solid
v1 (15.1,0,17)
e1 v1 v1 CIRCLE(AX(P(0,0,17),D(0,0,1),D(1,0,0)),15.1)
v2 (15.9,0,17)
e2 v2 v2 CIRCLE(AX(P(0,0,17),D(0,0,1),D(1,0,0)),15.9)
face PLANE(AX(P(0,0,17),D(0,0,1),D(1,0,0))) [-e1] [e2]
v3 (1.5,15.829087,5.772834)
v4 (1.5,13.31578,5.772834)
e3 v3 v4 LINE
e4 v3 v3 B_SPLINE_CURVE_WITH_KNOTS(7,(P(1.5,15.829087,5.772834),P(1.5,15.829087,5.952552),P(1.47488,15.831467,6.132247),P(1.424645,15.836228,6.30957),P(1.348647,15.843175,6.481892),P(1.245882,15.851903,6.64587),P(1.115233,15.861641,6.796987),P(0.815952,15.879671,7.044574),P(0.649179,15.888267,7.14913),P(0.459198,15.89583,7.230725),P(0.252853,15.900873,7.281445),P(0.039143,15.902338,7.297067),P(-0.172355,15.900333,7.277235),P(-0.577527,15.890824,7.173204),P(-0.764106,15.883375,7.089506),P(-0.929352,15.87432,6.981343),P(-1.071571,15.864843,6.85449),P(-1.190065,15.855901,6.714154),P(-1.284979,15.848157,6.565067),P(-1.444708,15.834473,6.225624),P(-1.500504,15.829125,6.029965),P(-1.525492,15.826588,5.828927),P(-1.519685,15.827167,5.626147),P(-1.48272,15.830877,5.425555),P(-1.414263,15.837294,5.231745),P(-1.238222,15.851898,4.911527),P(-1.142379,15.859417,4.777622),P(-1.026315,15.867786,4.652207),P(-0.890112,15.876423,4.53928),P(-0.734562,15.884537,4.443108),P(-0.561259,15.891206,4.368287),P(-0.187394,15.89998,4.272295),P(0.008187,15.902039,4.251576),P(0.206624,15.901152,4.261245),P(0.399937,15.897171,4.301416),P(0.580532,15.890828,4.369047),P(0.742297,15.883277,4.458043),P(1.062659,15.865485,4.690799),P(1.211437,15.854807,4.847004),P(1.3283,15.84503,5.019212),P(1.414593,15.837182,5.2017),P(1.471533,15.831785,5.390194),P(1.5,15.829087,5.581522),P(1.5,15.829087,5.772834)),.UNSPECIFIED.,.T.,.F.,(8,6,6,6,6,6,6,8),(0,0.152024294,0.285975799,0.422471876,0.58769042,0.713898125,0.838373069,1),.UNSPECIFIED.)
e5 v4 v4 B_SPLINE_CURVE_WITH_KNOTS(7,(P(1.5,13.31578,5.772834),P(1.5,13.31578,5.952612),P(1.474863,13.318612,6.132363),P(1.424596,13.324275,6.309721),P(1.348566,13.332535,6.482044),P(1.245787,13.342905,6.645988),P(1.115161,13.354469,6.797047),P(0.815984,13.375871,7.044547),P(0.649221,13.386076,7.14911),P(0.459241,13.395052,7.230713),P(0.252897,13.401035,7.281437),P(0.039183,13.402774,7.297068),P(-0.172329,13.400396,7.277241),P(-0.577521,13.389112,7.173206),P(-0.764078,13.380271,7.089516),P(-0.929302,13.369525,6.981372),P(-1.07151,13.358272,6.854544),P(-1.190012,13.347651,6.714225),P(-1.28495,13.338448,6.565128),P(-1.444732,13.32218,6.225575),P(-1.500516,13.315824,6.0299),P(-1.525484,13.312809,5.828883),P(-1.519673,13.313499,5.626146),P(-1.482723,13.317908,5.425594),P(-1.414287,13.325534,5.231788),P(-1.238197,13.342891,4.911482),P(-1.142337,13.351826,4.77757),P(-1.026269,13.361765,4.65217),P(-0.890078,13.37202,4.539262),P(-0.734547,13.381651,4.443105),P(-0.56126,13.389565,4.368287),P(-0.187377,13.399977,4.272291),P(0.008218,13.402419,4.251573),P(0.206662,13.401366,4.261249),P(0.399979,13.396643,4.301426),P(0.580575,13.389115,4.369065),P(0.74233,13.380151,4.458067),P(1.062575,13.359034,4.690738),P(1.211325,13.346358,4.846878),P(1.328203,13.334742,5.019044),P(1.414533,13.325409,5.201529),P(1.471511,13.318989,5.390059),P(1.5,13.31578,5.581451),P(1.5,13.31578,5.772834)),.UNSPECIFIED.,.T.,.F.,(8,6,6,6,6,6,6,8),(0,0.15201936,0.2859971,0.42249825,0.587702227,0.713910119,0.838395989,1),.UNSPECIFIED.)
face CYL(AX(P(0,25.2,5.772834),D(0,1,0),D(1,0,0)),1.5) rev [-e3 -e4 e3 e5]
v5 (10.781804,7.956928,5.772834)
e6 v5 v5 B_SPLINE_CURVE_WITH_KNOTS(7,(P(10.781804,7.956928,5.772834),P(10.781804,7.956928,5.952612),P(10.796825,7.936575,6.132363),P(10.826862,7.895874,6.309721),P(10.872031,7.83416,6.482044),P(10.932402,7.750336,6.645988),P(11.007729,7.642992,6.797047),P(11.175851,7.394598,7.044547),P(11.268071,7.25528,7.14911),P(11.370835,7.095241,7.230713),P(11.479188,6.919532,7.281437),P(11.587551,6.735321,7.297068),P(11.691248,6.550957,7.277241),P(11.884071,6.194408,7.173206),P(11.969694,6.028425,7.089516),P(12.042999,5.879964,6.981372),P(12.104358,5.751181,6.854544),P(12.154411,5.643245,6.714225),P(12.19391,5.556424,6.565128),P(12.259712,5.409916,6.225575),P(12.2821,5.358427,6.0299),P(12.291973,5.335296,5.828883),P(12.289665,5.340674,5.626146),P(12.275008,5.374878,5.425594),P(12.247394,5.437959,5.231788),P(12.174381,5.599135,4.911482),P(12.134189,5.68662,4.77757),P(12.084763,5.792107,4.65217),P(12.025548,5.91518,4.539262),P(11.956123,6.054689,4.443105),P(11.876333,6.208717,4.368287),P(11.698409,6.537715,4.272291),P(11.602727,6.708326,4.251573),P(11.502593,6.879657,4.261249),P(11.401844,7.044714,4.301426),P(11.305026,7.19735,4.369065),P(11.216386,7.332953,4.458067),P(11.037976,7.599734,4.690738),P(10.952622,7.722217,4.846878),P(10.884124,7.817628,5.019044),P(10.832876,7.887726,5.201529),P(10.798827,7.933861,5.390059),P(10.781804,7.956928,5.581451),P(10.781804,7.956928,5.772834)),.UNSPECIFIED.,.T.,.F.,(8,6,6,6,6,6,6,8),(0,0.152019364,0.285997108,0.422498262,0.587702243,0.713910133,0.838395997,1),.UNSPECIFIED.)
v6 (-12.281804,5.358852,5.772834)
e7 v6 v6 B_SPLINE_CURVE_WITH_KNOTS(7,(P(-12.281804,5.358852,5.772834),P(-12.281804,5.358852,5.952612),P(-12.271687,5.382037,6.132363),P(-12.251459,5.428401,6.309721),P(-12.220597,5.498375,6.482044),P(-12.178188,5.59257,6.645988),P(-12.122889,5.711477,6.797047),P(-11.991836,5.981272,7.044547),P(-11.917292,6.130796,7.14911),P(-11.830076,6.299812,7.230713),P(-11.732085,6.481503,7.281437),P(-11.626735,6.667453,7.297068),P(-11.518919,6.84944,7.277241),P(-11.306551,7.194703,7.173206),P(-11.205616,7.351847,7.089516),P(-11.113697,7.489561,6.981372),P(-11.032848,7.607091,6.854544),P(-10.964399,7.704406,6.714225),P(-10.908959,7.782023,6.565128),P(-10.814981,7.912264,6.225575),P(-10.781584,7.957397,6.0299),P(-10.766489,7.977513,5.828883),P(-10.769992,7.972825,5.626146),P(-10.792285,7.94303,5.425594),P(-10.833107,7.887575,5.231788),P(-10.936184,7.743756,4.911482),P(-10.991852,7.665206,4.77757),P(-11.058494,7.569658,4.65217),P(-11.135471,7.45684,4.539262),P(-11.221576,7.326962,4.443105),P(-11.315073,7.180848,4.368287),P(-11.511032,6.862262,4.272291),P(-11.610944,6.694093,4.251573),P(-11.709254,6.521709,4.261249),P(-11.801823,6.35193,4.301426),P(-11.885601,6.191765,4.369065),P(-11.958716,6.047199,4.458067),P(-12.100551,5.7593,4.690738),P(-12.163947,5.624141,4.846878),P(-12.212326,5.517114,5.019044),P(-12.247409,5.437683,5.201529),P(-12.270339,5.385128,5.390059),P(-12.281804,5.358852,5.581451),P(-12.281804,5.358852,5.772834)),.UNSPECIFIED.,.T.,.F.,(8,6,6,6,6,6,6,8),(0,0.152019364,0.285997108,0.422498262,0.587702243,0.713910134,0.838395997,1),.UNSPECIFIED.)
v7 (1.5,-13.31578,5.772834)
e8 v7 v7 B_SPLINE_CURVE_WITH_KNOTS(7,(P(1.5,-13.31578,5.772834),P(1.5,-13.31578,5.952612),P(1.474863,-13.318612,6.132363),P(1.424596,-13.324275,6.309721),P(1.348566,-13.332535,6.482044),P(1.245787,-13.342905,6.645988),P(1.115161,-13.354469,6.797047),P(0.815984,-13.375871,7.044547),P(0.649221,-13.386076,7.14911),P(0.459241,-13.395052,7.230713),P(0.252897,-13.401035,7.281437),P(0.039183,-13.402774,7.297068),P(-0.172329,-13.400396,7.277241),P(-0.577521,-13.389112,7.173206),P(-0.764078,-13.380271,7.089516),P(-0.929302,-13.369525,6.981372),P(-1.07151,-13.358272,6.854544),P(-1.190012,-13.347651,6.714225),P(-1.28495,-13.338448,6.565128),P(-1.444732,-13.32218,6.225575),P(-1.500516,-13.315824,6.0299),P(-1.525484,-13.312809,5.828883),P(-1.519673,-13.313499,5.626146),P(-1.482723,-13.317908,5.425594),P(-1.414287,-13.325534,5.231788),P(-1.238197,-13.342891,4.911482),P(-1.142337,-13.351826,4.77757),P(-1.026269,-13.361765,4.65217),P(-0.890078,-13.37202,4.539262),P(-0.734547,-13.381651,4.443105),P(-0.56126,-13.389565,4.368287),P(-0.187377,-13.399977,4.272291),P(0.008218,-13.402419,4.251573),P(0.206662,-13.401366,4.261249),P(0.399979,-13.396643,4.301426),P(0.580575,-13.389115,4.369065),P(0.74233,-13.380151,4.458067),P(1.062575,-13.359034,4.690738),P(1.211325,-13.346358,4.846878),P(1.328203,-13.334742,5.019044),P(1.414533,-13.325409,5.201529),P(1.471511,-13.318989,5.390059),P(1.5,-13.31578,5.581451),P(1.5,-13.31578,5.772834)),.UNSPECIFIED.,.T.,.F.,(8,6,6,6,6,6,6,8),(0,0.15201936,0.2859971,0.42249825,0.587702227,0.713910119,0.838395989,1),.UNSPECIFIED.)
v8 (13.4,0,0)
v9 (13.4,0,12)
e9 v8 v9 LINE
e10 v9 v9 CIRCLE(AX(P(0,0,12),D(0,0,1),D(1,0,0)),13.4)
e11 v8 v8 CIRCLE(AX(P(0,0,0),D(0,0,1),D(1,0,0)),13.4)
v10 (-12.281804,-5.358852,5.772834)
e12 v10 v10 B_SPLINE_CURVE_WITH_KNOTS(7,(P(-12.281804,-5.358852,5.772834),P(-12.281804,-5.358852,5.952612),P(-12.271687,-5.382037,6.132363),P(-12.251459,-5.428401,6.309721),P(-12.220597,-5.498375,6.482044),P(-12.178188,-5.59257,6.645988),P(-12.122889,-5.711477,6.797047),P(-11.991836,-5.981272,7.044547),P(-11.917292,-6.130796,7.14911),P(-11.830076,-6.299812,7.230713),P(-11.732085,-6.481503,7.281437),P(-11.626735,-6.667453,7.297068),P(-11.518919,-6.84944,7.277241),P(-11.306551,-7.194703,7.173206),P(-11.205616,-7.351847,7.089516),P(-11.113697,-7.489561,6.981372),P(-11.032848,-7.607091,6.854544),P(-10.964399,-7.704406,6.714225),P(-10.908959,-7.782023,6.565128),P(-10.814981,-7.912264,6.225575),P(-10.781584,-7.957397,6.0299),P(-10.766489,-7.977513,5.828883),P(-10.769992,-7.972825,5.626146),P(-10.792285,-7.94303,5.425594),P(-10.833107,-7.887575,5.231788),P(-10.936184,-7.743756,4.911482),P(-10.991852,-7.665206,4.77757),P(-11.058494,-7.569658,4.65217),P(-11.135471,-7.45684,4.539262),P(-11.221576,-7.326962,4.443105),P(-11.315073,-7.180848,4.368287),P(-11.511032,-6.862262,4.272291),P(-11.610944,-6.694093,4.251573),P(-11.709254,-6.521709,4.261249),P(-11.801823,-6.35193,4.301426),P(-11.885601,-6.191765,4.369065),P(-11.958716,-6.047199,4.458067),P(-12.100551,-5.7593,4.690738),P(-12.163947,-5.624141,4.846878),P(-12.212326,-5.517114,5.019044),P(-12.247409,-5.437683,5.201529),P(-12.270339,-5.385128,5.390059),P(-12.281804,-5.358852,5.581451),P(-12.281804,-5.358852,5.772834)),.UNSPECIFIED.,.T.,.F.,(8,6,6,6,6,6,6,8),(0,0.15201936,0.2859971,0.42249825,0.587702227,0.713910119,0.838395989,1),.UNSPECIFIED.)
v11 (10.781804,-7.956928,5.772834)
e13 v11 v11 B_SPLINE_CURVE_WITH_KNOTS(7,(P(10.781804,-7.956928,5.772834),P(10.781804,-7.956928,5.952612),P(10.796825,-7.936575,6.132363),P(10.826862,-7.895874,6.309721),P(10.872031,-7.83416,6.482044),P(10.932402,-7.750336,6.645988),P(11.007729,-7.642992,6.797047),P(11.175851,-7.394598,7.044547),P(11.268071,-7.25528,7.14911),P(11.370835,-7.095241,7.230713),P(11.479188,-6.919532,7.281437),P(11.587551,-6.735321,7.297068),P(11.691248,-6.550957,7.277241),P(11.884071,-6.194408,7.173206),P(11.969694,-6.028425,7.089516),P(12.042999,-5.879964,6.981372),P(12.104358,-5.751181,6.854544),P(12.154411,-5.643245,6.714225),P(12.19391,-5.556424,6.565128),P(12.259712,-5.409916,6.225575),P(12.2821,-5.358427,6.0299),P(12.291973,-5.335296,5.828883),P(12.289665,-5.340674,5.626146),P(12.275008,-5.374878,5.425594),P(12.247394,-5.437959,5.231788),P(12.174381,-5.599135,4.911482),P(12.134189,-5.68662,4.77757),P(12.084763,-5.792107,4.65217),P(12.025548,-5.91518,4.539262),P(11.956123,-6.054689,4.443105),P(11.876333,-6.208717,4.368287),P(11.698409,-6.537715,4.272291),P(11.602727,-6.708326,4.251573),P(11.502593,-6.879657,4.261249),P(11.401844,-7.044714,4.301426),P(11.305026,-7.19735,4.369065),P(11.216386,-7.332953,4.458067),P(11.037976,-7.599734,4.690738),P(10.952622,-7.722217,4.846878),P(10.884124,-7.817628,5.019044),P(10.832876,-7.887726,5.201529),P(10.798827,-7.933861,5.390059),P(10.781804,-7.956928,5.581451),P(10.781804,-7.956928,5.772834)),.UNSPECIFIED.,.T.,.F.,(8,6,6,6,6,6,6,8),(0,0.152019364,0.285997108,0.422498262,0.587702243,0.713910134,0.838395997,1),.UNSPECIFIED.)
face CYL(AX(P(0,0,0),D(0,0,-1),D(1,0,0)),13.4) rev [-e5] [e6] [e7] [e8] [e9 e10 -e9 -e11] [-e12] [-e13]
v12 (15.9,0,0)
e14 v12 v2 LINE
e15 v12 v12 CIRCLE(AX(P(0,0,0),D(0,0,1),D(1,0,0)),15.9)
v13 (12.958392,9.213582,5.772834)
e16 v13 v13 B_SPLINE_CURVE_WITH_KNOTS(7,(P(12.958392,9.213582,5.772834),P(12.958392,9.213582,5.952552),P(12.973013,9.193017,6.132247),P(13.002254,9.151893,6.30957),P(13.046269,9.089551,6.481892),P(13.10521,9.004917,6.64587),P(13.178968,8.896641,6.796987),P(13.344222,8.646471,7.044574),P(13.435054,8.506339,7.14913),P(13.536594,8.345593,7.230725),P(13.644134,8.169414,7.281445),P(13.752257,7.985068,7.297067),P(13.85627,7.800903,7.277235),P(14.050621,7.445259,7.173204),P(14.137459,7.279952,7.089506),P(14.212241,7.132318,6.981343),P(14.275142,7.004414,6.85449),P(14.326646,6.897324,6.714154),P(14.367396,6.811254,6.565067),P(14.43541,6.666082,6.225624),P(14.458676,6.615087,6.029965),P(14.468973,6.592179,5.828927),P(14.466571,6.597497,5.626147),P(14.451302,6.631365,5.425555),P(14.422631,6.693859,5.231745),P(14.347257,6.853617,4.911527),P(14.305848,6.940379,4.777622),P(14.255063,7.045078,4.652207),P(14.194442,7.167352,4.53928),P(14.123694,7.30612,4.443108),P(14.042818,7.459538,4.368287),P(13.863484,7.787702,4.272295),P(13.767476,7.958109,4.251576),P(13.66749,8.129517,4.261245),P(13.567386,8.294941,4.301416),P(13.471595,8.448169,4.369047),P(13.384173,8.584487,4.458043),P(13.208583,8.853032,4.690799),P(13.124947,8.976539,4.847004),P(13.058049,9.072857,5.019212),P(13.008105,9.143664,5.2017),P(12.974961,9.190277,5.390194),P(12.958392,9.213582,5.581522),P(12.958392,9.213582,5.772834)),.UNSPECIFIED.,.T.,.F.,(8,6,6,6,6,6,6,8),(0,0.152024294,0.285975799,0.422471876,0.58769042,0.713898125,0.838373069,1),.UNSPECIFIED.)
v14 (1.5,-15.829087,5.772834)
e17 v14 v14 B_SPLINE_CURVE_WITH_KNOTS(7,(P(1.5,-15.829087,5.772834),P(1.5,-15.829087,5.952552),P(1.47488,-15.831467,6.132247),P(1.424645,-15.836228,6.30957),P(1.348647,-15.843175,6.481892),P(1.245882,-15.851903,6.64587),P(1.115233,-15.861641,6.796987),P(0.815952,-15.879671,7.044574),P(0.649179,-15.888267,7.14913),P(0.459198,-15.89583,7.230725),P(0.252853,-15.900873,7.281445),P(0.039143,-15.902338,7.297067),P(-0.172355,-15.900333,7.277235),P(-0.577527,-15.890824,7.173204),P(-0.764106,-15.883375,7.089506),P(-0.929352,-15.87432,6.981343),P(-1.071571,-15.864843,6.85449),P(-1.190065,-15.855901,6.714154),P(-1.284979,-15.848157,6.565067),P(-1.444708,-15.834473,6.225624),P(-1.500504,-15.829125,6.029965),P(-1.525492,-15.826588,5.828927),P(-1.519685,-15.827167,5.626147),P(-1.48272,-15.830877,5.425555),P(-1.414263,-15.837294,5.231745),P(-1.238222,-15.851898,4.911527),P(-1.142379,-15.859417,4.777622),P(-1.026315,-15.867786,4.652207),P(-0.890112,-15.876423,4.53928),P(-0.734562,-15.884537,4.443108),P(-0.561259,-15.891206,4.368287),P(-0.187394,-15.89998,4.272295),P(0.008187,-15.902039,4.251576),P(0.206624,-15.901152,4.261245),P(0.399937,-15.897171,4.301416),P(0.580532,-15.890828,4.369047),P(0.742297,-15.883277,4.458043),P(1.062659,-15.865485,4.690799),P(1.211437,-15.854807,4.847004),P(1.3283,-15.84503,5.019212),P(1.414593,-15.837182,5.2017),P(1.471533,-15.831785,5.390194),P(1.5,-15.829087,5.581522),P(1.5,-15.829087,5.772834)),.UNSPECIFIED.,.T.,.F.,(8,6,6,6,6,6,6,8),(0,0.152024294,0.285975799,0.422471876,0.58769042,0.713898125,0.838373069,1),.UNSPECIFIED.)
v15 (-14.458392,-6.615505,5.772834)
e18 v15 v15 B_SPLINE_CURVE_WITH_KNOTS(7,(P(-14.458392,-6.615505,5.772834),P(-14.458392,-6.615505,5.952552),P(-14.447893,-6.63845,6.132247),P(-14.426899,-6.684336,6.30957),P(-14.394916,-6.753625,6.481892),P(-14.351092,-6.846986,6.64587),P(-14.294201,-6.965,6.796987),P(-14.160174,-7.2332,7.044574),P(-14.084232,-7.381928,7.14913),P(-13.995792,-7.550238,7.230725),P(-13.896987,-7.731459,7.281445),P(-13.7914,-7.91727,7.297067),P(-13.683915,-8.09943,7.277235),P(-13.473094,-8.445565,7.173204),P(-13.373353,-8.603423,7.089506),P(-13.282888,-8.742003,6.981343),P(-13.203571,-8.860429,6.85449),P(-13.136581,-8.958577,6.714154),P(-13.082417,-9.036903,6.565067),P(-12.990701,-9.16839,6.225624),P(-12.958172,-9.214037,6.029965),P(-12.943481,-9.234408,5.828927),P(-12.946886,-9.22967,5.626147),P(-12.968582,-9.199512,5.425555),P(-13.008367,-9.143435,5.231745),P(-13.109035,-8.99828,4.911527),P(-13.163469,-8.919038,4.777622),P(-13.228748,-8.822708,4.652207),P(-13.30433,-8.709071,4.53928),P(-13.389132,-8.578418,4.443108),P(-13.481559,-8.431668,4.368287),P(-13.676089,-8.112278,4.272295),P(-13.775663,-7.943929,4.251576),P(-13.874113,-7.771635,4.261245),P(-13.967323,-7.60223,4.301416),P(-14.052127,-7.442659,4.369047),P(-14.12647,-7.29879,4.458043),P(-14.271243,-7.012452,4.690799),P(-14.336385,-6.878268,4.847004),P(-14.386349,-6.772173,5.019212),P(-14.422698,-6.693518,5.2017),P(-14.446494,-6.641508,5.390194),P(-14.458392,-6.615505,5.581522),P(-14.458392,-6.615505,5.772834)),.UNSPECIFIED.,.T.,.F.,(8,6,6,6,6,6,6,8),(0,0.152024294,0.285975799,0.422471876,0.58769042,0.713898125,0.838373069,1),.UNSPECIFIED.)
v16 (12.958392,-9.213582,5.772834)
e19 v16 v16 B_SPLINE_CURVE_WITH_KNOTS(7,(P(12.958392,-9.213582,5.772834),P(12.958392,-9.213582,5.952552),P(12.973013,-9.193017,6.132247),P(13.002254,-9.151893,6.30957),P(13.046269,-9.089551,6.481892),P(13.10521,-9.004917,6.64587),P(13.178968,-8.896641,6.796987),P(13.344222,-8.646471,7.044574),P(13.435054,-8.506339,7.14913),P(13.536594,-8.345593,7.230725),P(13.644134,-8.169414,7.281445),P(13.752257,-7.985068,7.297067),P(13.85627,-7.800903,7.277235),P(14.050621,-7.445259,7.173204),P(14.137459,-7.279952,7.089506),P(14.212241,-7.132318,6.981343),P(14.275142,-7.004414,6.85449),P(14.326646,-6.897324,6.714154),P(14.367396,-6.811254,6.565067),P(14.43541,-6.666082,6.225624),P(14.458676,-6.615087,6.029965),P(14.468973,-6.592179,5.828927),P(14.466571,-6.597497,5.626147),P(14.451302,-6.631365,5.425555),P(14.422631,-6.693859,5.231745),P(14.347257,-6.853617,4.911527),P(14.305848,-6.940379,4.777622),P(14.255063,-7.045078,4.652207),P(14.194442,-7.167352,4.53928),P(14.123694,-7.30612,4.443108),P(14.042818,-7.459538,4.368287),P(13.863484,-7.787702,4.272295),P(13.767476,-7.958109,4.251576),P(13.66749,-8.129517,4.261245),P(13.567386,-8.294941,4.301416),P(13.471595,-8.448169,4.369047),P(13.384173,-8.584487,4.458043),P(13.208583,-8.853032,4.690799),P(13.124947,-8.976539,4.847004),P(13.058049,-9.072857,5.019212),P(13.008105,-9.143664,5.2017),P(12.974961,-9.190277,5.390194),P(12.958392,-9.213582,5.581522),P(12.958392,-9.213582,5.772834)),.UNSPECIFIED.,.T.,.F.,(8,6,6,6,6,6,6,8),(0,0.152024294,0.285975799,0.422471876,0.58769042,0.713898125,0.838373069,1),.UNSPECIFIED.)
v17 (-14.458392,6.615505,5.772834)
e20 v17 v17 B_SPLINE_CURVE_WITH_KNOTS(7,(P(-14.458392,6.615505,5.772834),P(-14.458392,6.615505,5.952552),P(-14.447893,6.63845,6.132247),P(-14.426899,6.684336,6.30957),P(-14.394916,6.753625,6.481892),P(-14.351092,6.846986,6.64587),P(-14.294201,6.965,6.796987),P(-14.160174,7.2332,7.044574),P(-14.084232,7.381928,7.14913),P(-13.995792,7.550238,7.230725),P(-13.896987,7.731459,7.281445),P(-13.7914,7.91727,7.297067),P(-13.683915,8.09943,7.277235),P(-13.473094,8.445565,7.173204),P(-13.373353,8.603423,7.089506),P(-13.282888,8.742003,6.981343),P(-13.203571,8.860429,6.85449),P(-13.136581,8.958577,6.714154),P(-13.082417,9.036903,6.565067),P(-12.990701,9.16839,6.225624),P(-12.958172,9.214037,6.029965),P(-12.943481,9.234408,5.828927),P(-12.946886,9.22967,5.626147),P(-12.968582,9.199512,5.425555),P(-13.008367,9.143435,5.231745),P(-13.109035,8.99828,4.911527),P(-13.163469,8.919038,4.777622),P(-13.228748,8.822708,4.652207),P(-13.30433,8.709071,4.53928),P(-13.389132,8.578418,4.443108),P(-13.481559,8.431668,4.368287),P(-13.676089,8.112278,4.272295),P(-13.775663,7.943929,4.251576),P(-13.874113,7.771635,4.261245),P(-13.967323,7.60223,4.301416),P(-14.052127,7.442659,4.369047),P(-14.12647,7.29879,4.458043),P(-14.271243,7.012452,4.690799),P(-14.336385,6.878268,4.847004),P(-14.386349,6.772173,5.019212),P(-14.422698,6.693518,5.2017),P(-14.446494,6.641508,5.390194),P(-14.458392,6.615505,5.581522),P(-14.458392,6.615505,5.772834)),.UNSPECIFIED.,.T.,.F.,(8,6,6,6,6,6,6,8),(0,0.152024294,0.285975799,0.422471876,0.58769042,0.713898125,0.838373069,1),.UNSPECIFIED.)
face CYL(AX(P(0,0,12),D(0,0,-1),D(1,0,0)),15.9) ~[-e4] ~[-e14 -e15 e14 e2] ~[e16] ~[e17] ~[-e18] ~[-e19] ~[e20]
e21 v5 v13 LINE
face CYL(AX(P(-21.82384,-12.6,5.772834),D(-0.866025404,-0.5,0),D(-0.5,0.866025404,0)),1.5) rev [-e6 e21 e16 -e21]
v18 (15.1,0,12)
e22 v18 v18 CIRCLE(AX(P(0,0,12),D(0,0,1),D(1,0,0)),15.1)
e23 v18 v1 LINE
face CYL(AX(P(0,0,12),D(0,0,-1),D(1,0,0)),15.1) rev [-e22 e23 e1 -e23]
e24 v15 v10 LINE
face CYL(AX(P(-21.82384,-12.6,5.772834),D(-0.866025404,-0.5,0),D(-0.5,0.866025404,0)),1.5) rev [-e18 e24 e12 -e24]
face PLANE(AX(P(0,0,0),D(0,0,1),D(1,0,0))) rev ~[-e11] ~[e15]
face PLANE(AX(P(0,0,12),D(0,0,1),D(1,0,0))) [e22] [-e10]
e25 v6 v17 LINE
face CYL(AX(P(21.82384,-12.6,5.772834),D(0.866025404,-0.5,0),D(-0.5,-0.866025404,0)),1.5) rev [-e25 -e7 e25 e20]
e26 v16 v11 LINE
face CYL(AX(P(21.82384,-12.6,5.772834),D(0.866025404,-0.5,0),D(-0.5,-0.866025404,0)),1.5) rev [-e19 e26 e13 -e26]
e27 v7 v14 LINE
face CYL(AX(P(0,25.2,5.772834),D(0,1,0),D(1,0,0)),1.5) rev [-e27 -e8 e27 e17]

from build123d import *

# Parameters (mm, degrees)
F0_R     = 15.9
F0_R_2   = 13.4
F1_DEPTH = 12
F2_R     = 1.5
F3_DEPTH = 50
F5_COUNT = 3
F7_R     = 15.9
F7_R_2   = 15.1
F8_DEPTH = 5


with BuildPart() as f1:
    # F0 (on Top) → F1 (new body)
    with BuildSketch(Plane.XY):
        Circle(F0_R)
        Circle(F0_R_2, mode=Mode.SUBTRACT)
    extrude(amount=F1_DEPTH)


with BuildPart() as f3:
    # F2 (on Front) → F3 (new body)
    with BuildSketch(Plane.XZ):
        with Locations((0, 5.772834)):
            Circle(F2_R)
    extrude(amount=F3_DEPTH)


with BuildPart() as f3_1:
    # F4: moved
    add(f3.part.moved(Location((0, 25.2, 0))))


with BuildPart() as f5_1:
    # F5: instance of F3
    add(f3_1.part.rotate(Axis((0, 0, 0), (0, 0, -1)), 1 * 360 / F5_COUNT))


with BuildPart() as f5_2:
    # F5: instance of F3
    add(f3_1.part.rotate(Axis((0, 0, 0), (0, 0, -1)), 2 * 360 / F5_COUNT))


with BuildPart() as f1_1:
    add(f1.part)

    # F6: cut F5_1, F3, F5_2
    add(f5_1.part, mode=Mode.SUBTRACT)
    add(f3_1.part, mode=Mode.SUBTRACT)
    add(f5_2.part, mode=Mode.SUBTRACT)

    # F7 (on face) → F8 (join)
    with BuildSketch(Plane.XY.offset(12)):
        Circle(F7_R)
        Circle(F7_R_2, mode=Mode.SUBTRACT)
    extrude(amount=F8_DEPTH)


solid = f1_1.part
